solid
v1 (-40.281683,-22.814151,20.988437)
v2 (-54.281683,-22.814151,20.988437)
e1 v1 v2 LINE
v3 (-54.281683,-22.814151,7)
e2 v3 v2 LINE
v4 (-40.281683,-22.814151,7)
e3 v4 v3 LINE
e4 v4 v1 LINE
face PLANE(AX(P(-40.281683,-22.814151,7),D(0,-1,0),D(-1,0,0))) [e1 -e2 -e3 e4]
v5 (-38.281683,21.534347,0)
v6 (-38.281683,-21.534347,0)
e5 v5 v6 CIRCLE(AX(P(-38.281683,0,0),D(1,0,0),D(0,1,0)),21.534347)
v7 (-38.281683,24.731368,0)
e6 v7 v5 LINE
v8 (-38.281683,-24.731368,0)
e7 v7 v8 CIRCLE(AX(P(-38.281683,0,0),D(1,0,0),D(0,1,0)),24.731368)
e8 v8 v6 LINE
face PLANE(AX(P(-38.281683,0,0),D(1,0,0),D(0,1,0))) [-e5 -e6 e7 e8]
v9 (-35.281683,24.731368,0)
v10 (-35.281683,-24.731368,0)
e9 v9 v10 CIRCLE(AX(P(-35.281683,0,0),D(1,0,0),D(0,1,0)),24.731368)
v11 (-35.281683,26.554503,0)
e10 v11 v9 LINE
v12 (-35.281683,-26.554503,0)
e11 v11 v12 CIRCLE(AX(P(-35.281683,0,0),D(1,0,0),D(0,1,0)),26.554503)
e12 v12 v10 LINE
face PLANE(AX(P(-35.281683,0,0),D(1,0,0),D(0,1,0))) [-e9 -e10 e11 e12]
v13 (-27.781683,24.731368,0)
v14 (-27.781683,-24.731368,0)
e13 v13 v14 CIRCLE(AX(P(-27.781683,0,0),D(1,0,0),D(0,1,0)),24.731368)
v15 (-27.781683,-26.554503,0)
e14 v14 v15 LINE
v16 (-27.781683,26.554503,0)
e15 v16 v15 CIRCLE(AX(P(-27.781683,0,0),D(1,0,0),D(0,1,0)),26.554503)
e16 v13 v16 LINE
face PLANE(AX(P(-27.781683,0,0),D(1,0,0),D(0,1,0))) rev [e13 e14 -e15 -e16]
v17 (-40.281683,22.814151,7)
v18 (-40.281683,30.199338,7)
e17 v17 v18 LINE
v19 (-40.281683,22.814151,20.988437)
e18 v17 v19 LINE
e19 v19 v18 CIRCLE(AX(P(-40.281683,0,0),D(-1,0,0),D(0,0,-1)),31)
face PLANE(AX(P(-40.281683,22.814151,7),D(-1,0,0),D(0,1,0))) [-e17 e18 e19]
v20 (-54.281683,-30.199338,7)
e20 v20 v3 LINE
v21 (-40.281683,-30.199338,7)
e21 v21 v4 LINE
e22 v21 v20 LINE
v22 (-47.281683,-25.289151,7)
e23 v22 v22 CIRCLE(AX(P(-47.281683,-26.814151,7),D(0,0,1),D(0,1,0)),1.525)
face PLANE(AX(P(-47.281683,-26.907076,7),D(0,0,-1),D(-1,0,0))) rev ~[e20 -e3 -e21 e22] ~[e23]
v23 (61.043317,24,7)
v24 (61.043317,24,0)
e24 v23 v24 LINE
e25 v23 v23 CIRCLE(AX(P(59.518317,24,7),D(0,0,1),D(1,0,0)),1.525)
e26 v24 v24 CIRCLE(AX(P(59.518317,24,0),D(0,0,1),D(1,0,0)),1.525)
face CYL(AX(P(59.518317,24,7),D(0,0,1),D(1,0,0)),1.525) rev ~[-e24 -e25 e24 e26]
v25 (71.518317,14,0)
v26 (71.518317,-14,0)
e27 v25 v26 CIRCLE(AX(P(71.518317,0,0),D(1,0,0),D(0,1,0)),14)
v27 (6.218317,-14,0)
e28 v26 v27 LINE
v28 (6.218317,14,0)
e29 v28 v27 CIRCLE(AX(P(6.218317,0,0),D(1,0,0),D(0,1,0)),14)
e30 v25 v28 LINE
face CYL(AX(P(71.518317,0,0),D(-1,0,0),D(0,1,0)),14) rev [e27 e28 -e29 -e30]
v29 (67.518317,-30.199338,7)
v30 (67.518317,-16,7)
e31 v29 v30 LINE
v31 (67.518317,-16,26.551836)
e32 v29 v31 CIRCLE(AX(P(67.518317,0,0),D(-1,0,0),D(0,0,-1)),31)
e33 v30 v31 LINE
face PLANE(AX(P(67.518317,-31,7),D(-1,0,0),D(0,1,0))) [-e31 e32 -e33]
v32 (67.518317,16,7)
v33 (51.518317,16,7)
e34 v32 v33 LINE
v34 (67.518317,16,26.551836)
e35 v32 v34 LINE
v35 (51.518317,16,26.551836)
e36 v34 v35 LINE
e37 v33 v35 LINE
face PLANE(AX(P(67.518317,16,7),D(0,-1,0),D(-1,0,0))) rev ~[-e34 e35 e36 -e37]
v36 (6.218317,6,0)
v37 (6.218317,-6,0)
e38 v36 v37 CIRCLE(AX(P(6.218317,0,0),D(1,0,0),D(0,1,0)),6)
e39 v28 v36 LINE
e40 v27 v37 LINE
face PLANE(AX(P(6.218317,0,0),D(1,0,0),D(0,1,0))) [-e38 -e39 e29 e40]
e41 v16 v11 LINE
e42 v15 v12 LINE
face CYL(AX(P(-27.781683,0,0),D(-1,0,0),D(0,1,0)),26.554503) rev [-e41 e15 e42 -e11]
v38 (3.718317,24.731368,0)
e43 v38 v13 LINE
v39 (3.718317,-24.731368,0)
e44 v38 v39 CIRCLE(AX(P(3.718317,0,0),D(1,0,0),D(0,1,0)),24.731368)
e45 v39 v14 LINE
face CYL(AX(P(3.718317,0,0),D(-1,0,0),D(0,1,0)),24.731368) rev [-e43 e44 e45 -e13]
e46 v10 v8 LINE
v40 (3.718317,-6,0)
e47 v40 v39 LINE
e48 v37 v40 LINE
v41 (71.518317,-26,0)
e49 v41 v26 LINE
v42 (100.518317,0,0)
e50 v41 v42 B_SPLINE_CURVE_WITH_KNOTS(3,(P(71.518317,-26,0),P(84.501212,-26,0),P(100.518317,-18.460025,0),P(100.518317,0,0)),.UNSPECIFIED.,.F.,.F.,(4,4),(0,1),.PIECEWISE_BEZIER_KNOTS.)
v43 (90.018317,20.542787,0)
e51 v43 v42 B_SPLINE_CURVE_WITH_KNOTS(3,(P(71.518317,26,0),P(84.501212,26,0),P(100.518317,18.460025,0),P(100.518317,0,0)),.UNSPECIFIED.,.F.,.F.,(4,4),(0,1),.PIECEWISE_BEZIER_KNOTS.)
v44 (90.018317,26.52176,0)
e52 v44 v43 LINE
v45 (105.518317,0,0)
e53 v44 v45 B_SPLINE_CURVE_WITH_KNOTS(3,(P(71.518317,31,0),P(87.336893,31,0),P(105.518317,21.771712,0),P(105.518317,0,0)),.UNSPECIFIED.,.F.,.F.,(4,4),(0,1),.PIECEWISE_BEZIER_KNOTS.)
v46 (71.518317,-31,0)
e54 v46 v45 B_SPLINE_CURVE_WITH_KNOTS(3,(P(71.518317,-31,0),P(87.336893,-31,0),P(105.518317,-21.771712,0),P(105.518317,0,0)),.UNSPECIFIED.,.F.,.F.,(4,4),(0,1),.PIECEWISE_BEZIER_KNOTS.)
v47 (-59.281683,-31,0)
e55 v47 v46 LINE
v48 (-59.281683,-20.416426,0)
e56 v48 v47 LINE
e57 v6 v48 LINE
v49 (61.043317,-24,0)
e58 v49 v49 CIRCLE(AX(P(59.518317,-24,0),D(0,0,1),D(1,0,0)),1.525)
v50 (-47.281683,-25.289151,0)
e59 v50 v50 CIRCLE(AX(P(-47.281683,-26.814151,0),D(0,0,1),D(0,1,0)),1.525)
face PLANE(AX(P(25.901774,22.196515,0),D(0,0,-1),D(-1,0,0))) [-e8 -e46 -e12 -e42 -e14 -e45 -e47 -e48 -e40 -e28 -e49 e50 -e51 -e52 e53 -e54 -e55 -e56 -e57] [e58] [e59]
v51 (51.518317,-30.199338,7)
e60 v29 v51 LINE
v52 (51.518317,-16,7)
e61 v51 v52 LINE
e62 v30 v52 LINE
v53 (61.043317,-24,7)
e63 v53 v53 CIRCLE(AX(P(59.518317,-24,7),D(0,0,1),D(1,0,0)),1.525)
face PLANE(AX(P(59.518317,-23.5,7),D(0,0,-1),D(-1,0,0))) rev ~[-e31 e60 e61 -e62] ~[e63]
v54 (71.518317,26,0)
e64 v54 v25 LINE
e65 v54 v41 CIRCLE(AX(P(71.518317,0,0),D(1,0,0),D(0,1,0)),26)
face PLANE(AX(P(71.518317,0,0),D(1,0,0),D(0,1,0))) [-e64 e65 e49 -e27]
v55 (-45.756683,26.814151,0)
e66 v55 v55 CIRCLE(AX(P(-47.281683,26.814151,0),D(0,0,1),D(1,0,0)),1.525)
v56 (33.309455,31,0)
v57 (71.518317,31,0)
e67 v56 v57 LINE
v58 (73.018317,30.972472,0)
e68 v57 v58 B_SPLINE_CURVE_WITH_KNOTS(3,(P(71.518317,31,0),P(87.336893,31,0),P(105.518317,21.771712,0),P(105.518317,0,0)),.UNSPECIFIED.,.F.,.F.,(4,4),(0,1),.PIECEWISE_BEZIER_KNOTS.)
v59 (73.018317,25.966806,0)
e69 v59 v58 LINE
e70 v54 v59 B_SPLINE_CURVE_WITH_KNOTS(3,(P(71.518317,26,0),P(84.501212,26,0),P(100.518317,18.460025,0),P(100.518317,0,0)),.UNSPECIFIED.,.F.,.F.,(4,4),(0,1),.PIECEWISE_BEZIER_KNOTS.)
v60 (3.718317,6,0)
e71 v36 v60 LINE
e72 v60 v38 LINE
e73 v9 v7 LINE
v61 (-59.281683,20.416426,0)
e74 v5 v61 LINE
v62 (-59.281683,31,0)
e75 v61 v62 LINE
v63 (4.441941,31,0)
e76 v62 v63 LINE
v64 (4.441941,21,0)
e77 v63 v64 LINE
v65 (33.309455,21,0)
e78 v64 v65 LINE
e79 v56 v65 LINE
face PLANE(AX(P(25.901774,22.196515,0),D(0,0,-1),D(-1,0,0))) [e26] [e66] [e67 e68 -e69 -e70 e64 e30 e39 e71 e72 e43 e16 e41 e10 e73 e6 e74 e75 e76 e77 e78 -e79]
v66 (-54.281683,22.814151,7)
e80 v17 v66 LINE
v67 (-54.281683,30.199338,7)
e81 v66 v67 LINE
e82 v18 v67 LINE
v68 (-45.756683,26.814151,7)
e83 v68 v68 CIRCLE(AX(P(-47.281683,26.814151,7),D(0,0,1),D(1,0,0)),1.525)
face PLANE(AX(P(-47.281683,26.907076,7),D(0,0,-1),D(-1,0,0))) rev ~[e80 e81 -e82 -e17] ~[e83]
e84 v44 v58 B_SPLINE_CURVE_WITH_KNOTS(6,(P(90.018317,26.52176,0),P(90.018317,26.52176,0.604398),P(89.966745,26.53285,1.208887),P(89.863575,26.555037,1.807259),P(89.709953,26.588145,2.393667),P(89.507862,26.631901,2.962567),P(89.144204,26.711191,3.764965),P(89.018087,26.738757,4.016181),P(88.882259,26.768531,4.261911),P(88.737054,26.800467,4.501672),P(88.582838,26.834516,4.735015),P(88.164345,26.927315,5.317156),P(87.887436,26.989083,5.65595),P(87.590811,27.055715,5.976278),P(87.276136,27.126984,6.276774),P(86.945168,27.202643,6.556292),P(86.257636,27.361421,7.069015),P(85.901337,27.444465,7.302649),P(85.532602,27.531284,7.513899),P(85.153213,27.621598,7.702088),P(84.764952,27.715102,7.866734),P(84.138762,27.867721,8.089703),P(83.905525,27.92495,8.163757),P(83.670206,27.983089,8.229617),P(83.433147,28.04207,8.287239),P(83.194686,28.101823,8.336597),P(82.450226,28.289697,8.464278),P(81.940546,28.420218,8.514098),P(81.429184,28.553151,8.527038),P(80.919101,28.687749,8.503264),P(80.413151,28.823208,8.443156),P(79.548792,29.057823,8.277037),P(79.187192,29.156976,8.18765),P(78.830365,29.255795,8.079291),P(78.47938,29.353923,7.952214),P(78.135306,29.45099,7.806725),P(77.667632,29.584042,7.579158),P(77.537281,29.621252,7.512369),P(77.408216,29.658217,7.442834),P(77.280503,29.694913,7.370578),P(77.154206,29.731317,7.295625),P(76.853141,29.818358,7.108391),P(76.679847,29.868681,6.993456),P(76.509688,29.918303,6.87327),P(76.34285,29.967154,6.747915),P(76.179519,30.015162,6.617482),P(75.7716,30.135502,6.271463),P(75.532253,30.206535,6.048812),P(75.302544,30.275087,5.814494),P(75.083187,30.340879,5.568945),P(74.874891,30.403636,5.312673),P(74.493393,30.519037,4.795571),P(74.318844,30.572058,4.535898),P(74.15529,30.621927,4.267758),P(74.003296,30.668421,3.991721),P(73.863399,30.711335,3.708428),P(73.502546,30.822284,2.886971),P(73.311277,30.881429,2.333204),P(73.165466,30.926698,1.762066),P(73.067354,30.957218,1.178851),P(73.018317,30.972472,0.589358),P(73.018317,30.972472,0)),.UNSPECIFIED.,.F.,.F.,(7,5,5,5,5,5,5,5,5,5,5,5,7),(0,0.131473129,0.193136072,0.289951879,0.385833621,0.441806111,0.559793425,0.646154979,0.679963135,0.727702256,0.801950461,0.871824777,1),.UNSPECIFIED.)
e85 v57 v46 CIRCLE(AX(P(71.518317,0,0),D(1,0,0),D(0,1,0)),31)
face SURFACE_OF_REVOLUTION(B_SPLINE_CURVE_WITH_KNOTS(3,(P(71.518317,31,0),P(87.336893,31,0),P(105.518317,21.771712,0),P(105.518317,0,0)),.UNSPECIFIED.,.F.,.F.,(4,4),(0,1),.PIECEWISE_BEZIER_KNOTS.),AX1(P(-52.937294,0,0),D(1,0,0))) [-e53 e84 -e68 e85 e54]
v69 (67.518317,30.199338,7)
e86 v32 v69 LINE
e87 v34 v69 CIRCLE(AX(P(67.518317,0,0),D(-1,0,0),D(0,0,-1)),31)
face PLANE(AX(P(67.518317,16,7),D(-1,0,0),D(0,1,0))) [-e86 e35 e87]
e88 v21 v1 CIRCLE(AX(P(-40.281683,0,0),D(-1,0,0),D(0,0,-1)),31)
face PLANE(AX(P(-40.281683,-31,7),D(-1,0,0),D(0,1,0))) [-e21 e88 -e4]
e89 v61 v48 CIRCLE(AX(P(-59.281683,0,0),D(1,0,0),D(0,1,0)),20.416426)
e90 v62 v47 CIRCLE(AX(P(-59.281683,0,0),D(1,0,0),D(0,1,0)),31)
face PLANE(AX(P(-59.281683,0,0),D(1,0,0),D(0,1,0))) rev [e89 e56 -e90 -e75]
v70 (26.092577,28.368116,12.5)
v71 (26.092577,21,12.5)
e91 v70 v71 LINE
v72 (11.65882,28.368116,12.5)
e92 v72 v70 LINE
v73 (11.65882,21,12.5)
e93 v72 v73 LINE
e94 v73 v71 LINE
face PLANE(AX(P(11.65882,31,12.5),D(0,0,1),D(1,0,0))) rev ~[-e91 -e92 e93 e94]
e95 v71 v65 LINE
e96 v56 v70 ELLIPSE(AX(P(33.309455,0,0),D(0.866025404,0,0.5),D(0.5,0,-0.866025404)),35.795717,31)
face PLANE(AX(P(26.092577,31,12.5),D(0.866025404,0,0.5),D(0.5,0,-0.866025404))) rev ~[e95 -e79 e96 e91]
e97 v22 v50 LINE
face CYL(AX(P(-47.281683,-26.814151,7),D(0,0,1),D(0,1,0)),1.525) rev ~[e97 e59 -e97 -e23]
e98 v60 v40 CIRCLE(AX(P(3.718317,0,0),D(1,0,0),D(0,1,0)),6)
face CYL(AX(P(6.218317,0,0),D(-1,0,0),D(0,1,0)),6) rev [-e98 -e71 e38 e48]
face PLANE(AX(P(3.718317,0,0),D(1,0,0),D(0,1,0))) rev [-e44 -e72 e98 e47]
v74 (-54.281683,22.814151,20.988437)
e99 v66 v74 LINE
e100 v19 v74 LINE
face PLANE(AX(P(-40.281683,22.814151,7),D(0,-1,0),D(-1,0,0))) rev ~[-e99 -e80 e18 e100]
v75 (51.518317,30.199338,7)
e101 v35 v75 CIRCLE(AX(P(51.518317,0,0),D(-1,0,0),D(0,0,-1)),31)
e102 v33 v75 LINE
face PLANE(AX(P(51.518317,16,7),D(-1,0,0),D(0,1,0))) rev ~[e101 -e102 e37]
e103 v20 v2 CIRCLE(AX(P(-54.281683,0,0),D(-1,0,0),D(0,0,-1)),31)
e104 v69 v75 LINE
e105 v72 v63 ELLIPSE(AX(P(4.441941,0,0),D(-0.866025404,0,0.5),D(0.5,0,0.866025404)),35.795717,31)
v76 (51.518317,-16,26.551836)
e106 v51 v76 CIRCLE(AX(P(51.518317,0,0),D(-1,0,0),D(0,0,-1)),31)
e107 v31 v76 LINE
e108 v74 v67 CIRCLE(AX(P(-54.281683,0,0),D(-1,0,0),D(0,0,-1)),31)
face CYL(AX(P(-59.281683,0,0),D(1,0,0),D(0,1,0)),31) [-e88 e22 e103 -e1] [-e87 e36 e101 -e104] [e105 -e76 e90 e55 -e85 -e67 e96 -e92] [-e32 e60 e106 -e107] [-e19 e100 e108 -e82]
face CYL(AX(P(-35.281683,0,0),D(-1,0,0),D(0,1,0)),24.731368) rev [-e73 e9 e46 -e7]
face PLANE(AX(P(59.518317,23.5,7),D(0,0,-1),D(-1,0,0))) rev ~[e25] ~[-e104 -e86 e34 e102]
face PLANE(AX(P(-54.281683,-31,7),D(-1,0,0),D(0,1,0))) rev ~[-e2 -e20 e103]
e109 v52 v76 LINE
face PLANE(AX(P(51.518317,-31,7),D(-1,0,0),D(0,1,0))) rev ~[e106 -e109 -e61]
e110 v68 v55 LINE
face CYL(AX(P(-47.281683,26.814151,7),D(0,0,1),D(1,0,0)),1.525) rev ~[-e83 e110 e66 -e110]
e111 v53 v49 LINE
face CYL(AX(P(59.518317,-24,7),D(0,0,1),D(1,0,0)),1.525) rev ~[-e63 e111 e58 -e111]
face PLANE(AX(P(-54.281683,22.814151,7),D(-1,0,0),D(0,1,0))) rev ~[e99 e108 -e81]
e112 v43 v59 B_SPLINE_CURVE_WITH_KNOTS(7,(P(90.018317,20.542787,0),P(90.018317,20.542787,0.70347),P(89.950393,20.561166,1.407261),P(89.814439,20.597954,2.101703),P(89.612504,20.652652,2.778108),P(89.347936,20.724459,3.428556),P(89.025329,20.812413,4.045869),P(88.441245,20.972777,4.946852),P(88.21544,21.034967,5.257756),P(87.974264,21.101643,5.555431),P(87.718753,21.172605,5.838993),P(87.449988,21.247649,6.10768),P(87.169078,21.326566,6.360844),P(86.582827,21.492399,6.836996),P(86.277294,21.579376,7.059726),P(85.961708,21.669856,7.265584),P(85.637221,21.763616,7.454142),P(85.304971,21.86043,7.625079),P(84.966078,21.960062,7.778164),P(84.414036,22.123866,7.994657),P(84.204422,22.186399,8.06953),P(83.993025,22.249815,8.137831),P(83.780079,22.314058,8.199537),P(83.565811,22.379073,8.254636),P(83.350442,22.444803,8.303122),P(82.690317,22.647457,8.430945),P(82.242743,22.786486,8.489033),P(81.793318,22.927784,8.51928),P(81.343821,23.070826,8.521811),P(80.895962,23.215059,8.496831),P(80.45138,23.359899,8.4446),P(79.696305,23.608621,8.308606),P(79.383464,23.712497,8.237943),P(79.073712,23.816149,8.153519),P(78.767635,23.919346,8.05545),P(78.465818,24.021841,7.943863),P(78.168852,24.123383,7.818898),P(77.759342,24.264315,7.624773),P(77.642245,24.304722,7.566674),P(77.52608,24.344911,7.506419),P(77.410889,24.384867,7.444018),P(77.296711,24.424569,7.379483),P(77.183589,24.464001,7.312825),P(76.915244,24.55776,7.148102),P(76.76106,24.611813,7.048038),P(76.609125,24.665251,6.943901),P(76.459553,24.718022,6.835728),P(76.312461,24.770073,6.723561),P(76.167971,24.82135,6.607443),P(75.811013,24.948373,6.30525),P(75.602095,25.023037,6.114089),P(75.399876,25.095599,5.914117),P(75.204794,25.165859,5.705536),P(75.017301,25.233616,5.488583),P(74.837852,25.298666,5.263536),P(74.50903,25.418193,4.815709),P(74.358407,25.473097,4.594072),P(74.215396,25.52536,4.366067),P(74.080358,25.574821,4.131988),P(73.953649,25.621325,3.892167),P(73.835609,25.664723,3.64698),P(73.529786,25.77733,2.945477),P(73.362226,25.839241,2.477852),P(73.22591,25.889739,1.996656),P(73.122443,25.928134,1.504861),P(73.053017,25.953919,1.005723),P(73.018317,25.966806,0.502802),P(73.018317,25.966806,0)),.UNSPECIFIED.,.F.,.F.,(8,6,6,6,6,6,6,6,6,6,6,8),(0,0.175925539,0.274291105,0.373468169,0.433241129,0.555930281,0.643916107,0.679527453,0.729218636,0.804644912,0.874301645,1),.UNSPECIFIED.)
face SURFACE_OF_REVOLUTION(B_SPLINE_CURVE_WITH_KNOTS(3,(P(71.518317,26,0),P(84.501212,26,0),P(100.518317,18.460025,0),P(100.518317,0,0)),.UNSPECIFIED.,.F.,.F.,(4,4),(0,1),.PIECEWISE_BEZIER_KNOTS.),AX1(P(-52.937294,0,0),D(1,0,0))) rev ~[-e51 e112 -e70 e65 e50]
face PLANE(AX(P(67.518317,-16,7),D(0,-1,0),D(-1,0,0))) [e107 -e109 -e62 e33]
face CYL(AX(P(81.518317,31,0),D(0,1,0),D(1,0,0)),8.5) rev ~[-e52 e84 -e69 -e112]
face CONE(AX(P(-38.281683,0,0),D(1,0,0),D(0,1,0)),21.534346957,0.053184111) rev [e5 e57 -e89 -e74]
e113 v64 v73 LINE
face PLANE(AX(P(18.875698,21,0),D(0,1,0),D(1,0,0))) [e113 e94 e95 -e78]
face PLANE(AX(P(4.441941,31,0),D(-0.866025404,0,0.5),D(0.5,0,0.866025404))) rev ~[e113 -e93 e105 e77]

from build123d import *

# Parameters (mm, degrees)
REVOLVE1_ANGLE          = 180
CUT_EXTRUDE1_REACH      = 114.566
CUT_EXTRUDE1_END_RADIUS = 31
SKETCH2_W               = 14
SKETCH2_H               = 8.185848791
SKETCH2_W_2             = 16
SKETCH2_H_2             = 15
CUT_EXTRUDE2_REACH      = 114.566
SKETCH3_R               = 1.525
CUT_EXTRUDE3_DEPTH      = 10
CUT_EXTRUDE4_REACH      = 128.25
SKETCH6_R               = 8.5


with BuildPart() as part:
    # Sketch1 → Revolve1 (revolve)
    with BuildSketch(Plane.XY):
        with BuildLine():
            Line((6.218316837, 14), (6.218316837, 6))
            Line((6.218316837, 6), (3.718316837, 6))
            Line((3.718316837, 6), (3.718316837, 24.731367941))
            Line((3.718316837, 24.731367941), (-10.171408573, 24.731367941))
            Line((-10.171408573, 24.731367941), (-27.781683163, 24.731367941))
            Line((-27.781683163, 24.731367941), (-27.781683163, 26.554502519))
            Line((-27.781683163, 26.554502519), (-35.281683163, 26.554502519))
            Line((-35.281683163, 26.554502519), (-35.281683163, 24.731367941))
            Line((-35.281683163, 24.731367941), (-38.281683163, 24.731367941))
            Line((-38.281683163, 24.731367941), (-38.281683163, 21.534346957))
            Line((-38.281683163, 21.534346957), (-59.281683163, 20.416426404))
            Line((-59.281683163, 20.416426404), (-59.281683163, 24.731367941))
            Line((-59.281683163, 24.731367941), (-59.281683163, 31))
            Line((-59.281683163, 31), (-56.981683163, 31))
            Line((-56.981683163, 31), (71.518316837, 31))
            add(Edge.make_bspline(
                [(71.518316837, 31), (87.336893309, 31), (105.518316837, 21.771712161), (105.518316837, 0)],
                knots=[0, 0, 0, 0, 1, 1, 1, 1], degree=3))
            Line((105.518316837, 0), (100.518316813, 0))
            add(Edge.make_bspline(
                [(71.518316837, 26), (84.501211561, 26), (100.518316813, 18.460024777), (100.518316813, 0)],
                knots=[0, 0, 0, 0, 1, 1, 1, 1], degree=3))
            Line((71.518316837, 26), (71.518316837, 14))
            Line((71.518316837, 14), (6.218316837, 14))
        make_face()
    revolve(axis=Axis((-52.937293729, 0, 0), (1, 0, 0)), revolution_arc=REVOLVE1_ANGLE)

    # Cut-Extrude1: up to this cylinder (the profile starts inside it)
    cut_extrude1_end = Plane(origin=(6.118317, 0, 0), z_dir=(-1, 0, 0)) * Cylinder(CUT_EXTRUDE1_END_RADIUS, 398.932, mode=Mode.PRIVATE)
    # Sketch2 → Cut-Extrude1 (cut, up to the surface)
    with BuildSketch(Plane(origin=(0, 0, 7), x_dir=(-1, 0, 0), z_dir=(0, 0, -1)), mode=Mode.PRIVATE) as cut_extrude1_sk1:
        with Locations((47.281683163, 26.907075605)):
            Rectangle(SKETCH2_W, SKETCH2_H)
    cut_extrude1_tool1 = extrude(cut_extrude1_sk1.sketch, amount=-CUT_EXTRUDE1_REACH, mode=Mode.PRIVATE) & cut_extrude1_end
    add(cut_extrude1_tool1.solids().sort_by_distance((-47.281683, 26.907076, 7))[0], mode=Mode.SUBTRACT)
    # Sketch2 → Cut-Extrude1 (cut, up to the surface)
    with BuildSketch(Plane(origin=(0, 0, 7), x_dir=(-1, 0, 0), z_dir=(0, 0, -1)), mode=Mode.PRIVATE) as cut_extrude1_sk2:
        with Locations((-59.518316837, -23.5)):
            Rectangle(SKETCH2_W_2, SKETCH2_H_2)
    cut_extrude1_tool2 = extrude(cut_extrude1_sk2.sketch, amount=-CUT_EXTRUDE1_REACH, mode=Mode.PRIVATE) & cut_extrude1_end
    add(cut_extrude1_tool2.solids().sort_by_distance((59.518317, -23.5, 7))[0], mode=Mode.SUBTRACT)
    # Sketch2 → Cut-Extrude1 (cut, up to the surface)
    with BuildSketch(Plane(origin=(0, 0, 7), x_dir=(-1, 0, 0), z_dir=(0, 0, -1)), mode=Mode.PRIVATE) as cut_extrude1_sk3:
        with Locations((-59.518316837, 23.5)):
            Rectangle(SKETCH2_W_2, SKETCH2_H_2)
    cut_extrude1_tool3 = extrude(cut_extrude1_sk3.sketch, amount=-CUT_EXTRUDE1_REACH, mode=Mode.PRIVATE) & cut_extrude1_end
    add(cut_extrude1_tool3.solids().sort_by_distance((59.518317, 23.5, 7))[0], mode=Mode.SUBTRACT)
    # Sketch2 → Cut-Extrude1 (cut, up to the surface)
    with BuildSketch(Plane(origin=(0, 0, 7), x_dir=(-1, 0, 0), z_dir=(0, 0, -1)), mode=Mode.PRIVATE) as cut_extrude1_sk4:
        with Locations((47.281683163, -26.907075605)):
            Rectangle(SKETCH2_W, SKETCH2_H)
    cut_extrude1_tool4 = extrude(cut_extrude1_sk4.sketch, amount=-CUT_EXTRUDE1_REACH, mode=Mode.PRIVATE) & cut_extrude1_end
    add(cut_extrude1_tool4.solids().sort_by_distance((-47.281683, -26.907076, 7))[0], mode=Mode.SUBTRACT)

    # Sketch3 → Cut-Extrude2 (cut, up to next)
    with BuildSketch(Plane.XY.offset(7), mode=Mode.PRIVATE) as cut_extrude2_sk1:
        with Locations((-47.281683163, 26.814151209)):
            Circle(SKETCH3_R)
    cut_extrude2_tool1 = extrude(cut_extrude2_sk1.sketch, amount=-CUT_EXTRUDE2_REACH, mode=Mode.PRIVATE) & part.part
    # Sketch3 → Cut-Extrude2 (cut, up to next)
    with BuildSketch(Plane.XY.offset(7), mode=Mode.PRIVATE) as cut_extrude2_sk2:
        with Locations(Location((-47.281683163, -26.814151209, 0), (0, 0, 90))):
            Circle(SKETCH3_R)
    cut_extrude2_tool2 = extrude(cut_extrude2_sk2.sketch, amount=-CUT_EXTRUDE2_REACH, mode=Mode.PRIVATE) & part.part
    # Sketch3 → Cut-Extrude2 (cut, up to next)
    with BuildSketch(Plane.XY.offset(7), mode=Mode.PRIVATE) as cut_extrude2_sk3:
        with Locations((59.518316837, 24)):
            Circle(SKETCH3_R)
    cut_extrude2_tool3 = extrude(cut_extrude2_sk3.sketch, amount=-CUT_EXTRUDE2_REACH, mode=Mode.PRIVATE) & part.part
    # Sketch3 → Cut-Extrude2 (cut, up to next)
    with BuildSketch(Plane.XY.offset(7), mode=Mode.PRIVATE) as cut_extrude2_sk4:
        with Locations((59.518316837, -24)):
            Circle(SKETCH3_R)
    cut_extrude2_tool4 = extrude(cut_extrude2_sk4.sketch, amount=-CUT_EXTRUDE2_REACH, mode=Mode.PRIVATE) & part.part
    add(cut_extrude2_tool1.solids().sort_by_distance((-47.281683, 26.814151, 7))[0], mode=Mode.SUBTRACT)
    add(cut_extrude2_tool2.solids().sort_by_distance((-47.281683, -26.814151, 7))[0], mode=Mode.SUBTRACT)
    add(cut_extrude2_tool3.solids().sort_by_distance((59.518317, 24, 7))[0], mode=Mode.SUBTRACT)
    add(cut_extrude2_tool4.solids().sort_by_distance((59.518317, -24, 7))[0], mode=Mode.SUBTRACT)

    # Sketch5 → Cut-Extrude3 (cut)
    with BuildSketch(Plane(origin=(0, 31, 0), x_dir=(1, 0, 0), z_dir=(0, 1, 0))):
        Polygon((4.441941487, 0), (11.658819852, -12.5), (26.092576582, -12.5), (33.309454947, 0), (26.092576582, 12.5), (11.658819852, 12.5), align=None)
    extrude(amount=-CUT_EXTRUDE3_DEPTH, mode=Mode.SUBTRACT)

    # Sketch6 → Cut-Extrude4 (cut, up to next)
    with BuildSketch(Plane(origin=(0, 31, 0), x_dir=(1, 0, 0), z_dir=(0, 1, 0)), mode=Mode.PRIVATE) as cut_extrude4_sk1:
        with Locations((81.518316837, 0)):
            Circle(SKETCH6_R)
    cut_extrude4_tool1 = extrude(cut_extrude4_sk1.sketch, amount=-CUT_EXTRUDE4_REACH, mode=Mode.PRIVATE) & part.part
    add(cut_extrude4_tool1.solids().sort_by_distance((81.518317, 31, 0))[0], mode=Mode.SUBTRACT)


solid = part.part
